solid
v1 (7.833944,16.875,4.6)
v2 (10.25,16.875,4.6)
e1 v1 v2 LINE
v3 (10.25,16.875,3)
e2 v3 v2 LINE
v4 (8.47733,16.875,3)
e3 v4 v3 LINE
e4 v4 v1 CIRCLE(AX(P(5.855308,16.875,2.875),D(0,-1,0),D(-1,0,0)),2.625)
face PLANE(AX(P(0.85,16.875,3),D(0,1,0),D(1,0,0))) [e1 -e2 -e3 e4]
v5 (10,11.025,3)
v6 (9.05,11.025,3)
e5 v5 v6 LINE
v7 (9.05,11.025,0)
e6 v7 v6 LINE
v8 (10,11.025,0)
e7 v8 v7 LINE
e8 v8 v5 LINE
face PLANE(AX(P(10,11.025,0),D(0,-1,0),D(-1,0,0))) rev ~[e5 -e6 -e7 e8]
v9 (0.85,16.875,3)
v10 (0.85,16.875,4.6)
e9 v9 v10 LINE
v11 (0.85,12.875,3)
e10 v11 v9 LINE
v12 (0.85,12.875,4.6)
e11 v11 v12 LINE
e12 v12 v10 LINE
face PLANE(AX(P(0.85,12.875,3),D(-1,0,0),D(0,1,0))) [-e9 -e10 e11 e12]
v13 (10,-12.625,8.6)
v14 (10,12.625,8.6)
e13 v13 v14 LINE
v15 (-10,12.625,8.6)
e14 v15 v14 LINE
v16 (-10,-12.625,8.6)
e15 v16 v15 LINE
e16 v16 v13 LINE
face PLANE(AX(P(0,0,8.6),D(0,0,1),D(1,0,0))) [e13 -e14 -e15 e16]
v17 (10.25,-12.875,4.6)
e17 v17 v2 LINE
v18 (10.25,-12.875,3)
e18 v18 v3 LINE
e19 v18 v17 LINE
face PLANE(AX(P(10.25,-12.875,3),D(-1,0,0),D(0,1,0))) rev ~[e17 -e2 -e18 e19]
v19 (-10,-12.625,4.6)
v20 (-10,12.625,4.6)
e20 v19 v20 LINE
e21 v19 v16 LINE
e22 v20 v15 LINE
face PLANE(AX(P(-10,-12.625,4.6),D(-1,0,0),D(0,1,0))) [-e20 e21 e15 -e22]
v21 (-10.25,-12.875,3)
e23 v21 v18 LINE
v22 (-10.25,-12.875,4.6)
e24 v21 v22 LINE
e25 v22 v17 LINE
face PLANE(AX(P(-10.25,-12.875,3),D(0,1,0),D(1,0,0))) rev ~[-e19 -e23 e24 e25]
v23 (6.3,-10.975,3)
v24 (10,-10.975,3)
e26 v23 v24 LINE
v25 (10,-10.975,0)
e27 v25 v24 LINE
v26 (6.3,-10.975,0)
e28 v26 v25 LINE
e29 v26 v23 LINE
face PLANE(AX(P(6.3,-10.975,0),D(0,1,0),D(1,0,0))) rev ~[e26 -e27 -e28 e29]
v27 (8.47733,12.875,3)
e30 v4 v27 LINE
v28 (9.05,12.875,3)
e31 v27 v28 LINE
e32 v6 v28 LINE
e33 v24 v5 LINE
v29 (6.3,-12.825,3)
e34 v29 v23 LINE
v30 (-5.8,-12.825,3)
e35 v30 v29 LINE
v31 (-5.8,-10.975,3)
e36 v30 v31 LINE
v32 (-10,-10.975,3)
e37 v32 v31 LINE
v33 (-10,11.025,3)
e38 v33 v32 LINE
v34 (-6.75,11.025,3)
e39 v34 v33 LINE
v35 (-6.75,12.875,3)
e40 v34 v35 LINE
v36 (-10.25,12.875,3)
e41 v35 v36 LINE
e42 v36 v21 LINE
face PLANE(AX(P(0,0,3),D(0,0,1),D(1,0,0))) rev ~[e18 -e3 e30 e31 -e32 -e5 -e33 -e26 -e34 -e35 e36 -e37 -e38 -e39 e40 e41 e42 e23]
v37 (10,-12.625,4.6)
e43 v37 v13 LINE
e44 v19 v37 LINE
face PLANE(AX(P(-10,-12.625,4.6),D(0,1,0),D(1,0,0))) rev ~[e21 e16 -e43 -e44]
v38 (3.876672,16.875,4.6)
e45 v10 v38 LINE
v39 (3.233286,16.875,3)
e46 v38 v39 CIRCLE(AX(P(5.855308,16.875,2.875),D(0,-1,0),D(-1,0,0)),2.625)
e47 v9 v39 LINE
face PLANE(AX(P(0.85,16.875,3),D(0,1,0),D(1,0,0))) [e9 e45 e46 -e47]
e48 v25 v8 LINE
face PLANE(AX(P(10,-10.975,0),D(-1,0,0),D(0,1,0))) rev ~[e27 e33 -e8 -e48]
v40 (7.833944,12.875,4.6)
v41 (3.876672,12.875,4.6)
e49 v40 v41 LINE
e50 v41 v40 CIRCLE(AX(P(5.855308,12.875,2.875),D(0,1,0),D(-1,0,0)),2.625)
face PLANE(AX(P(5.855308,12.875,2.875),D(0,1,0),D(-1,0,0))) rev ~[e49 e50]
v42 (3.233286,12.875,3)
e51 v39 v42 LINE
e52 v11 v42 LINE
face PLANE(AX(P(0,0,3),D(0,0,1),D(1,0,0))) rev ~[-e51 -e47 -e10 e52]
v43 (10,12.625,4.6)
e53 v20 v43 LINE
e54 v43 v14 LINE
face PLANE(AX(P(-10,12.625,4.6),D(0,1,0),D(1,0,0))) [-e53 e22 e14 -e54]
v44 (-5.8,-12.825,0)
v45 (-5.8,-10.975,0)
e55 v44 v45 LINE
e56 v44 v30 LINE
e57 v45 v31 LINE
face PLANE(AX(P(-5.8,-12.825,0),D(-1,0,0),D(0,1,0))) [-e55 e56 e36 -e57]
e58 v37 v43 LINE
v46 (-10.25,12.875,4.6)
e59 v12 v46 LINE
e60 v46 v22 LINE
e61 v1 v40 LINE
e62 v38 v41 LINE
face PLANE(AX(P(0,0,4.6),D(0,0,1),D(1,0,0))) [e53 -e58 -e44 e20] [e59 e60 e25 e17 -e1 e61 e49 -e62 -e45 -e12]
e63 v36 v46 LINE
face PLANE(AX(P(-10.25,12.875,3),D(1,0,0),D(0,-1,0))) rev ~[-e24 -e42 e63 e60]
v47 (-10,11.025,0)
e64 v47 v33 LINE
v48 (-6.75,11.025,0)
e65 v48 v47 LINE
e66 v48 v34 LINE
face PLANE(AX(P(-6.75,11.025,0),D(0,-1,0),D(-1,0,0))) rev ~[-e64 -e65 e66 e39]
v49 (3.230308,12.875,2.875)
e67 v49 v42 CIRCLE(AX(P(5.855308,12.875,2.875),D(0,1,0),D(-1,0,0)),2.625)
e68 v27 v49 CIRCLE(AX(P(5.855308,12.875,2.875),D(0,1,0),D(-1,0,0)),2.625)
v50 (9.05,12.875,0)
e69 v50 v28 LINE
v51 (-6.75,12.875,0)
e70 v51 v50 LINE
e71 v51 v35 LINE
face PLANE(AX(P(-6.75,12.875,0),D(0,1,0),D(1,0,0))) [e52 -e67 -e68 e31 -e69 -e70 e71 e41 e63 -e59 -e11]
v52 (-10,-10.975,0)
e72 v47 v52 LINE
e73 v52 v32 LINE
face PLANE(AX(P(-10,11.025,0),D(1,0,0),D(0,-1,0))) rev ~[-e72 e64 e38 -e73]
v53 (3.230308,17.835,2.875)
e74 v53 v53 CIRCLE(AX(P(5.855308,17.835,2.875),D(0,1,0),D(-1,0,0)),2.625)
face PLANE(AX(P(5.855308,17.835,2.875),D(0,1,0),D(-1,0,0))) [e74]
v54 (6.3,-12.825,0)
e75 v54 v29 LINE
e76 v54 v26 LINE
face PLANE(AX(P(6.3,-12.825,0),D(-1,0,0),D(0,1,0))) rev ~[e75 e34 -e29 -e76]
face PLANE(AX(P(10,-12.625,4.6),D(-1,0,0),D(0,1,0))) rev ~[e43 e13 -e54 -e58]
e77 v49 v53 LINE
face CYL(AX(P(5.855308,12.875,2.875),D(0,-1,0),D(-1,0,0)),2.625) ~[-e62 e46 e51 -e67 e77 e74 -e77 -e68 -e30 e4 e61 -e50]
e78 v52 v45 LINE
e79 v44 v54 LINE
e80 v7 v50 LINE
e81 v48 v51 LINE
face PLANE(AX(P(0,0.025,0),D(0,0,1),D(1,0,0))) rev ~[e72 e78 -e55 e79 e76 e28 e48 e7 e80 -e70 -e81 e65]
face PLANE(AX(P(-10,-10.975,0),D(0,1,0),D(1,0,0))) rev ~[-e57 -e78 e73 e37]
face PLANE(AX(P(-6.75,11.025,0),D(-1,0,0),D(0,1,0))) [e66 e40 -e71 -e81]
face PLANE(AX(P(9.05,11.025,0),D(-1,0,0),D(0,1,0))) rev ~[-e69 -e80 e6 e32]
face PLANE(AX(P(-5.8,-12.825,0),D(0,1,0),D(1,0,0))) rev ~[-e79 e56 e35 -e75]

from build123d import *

# Parameters (mm, degrees)
F1_W     = 9.4
F1_H     = 4
F2_DEPTH = 1.6
F4_W     = 15.8
F4_H     = 1.85
F4_W_2   = 12.1
F5_DEPTH = 3
F6_R     = 2.625
F7_DEPTH = 4.96
F8_W     = 20
F8_H     = 25.25
F9_DEPTH = 4


with BuildPart() as f2:
    # F1 (on offset) → F2 (new body)
    with BuildSketch(Plane.XY.offset(3)):
        Polygon((0.85, 12.875), (-10.25, 12.875), (-10.25, -12.875), (10.25, -12.875), (10.25, 12.875), align=None)
        with Locations((5.55, 14.875)):
            Rectangle(F1_W, F1_H)
    extrude(amount=F2_DEPTH)



with BuildPart() as f5:
    # F4 (on offset) → F5 (new body)
    with BuildSketch(Plane.XY):
        Polygon((10, -10.975), (10, 11.025), (9.05, 11.025), (-6.75, 11.025), (-10, 11.025), (-10, -10.975), (-5.8, -10.975), (6.3, -10.975), align=None)
        with Locations((1.15, 11.95)):
            Rectangle(F4_W, F4_H)
        with Locations((0.25, -11.9)):
            Rectangle(F4_W_2, F4_H)
    extrude(amount=F5_DEPTH)


with BuildPart() as f2_1:
    add(f2.part)

    add(f5.part)  # F7 merges F5
    # F6 (on face) → F7 (join)
    with BuildSketch(Plane(origin=(0, 12.875, 0), x_dir=(-1, 0, 0), z_dir=(0, 1, 0))):
        with Locations((-5.855308, 2.875)):
            Circle(F6_R)
    extrude(amount=F7_DEPTH)

    # F8 (on face) → F9 (join)
    with BuildSketch(Plane.XY.offset(4.6)):
        Rectangle(F8_W, F8_H)
    extrude(amount=F9_DEPTH)


solid = f2_1.part
